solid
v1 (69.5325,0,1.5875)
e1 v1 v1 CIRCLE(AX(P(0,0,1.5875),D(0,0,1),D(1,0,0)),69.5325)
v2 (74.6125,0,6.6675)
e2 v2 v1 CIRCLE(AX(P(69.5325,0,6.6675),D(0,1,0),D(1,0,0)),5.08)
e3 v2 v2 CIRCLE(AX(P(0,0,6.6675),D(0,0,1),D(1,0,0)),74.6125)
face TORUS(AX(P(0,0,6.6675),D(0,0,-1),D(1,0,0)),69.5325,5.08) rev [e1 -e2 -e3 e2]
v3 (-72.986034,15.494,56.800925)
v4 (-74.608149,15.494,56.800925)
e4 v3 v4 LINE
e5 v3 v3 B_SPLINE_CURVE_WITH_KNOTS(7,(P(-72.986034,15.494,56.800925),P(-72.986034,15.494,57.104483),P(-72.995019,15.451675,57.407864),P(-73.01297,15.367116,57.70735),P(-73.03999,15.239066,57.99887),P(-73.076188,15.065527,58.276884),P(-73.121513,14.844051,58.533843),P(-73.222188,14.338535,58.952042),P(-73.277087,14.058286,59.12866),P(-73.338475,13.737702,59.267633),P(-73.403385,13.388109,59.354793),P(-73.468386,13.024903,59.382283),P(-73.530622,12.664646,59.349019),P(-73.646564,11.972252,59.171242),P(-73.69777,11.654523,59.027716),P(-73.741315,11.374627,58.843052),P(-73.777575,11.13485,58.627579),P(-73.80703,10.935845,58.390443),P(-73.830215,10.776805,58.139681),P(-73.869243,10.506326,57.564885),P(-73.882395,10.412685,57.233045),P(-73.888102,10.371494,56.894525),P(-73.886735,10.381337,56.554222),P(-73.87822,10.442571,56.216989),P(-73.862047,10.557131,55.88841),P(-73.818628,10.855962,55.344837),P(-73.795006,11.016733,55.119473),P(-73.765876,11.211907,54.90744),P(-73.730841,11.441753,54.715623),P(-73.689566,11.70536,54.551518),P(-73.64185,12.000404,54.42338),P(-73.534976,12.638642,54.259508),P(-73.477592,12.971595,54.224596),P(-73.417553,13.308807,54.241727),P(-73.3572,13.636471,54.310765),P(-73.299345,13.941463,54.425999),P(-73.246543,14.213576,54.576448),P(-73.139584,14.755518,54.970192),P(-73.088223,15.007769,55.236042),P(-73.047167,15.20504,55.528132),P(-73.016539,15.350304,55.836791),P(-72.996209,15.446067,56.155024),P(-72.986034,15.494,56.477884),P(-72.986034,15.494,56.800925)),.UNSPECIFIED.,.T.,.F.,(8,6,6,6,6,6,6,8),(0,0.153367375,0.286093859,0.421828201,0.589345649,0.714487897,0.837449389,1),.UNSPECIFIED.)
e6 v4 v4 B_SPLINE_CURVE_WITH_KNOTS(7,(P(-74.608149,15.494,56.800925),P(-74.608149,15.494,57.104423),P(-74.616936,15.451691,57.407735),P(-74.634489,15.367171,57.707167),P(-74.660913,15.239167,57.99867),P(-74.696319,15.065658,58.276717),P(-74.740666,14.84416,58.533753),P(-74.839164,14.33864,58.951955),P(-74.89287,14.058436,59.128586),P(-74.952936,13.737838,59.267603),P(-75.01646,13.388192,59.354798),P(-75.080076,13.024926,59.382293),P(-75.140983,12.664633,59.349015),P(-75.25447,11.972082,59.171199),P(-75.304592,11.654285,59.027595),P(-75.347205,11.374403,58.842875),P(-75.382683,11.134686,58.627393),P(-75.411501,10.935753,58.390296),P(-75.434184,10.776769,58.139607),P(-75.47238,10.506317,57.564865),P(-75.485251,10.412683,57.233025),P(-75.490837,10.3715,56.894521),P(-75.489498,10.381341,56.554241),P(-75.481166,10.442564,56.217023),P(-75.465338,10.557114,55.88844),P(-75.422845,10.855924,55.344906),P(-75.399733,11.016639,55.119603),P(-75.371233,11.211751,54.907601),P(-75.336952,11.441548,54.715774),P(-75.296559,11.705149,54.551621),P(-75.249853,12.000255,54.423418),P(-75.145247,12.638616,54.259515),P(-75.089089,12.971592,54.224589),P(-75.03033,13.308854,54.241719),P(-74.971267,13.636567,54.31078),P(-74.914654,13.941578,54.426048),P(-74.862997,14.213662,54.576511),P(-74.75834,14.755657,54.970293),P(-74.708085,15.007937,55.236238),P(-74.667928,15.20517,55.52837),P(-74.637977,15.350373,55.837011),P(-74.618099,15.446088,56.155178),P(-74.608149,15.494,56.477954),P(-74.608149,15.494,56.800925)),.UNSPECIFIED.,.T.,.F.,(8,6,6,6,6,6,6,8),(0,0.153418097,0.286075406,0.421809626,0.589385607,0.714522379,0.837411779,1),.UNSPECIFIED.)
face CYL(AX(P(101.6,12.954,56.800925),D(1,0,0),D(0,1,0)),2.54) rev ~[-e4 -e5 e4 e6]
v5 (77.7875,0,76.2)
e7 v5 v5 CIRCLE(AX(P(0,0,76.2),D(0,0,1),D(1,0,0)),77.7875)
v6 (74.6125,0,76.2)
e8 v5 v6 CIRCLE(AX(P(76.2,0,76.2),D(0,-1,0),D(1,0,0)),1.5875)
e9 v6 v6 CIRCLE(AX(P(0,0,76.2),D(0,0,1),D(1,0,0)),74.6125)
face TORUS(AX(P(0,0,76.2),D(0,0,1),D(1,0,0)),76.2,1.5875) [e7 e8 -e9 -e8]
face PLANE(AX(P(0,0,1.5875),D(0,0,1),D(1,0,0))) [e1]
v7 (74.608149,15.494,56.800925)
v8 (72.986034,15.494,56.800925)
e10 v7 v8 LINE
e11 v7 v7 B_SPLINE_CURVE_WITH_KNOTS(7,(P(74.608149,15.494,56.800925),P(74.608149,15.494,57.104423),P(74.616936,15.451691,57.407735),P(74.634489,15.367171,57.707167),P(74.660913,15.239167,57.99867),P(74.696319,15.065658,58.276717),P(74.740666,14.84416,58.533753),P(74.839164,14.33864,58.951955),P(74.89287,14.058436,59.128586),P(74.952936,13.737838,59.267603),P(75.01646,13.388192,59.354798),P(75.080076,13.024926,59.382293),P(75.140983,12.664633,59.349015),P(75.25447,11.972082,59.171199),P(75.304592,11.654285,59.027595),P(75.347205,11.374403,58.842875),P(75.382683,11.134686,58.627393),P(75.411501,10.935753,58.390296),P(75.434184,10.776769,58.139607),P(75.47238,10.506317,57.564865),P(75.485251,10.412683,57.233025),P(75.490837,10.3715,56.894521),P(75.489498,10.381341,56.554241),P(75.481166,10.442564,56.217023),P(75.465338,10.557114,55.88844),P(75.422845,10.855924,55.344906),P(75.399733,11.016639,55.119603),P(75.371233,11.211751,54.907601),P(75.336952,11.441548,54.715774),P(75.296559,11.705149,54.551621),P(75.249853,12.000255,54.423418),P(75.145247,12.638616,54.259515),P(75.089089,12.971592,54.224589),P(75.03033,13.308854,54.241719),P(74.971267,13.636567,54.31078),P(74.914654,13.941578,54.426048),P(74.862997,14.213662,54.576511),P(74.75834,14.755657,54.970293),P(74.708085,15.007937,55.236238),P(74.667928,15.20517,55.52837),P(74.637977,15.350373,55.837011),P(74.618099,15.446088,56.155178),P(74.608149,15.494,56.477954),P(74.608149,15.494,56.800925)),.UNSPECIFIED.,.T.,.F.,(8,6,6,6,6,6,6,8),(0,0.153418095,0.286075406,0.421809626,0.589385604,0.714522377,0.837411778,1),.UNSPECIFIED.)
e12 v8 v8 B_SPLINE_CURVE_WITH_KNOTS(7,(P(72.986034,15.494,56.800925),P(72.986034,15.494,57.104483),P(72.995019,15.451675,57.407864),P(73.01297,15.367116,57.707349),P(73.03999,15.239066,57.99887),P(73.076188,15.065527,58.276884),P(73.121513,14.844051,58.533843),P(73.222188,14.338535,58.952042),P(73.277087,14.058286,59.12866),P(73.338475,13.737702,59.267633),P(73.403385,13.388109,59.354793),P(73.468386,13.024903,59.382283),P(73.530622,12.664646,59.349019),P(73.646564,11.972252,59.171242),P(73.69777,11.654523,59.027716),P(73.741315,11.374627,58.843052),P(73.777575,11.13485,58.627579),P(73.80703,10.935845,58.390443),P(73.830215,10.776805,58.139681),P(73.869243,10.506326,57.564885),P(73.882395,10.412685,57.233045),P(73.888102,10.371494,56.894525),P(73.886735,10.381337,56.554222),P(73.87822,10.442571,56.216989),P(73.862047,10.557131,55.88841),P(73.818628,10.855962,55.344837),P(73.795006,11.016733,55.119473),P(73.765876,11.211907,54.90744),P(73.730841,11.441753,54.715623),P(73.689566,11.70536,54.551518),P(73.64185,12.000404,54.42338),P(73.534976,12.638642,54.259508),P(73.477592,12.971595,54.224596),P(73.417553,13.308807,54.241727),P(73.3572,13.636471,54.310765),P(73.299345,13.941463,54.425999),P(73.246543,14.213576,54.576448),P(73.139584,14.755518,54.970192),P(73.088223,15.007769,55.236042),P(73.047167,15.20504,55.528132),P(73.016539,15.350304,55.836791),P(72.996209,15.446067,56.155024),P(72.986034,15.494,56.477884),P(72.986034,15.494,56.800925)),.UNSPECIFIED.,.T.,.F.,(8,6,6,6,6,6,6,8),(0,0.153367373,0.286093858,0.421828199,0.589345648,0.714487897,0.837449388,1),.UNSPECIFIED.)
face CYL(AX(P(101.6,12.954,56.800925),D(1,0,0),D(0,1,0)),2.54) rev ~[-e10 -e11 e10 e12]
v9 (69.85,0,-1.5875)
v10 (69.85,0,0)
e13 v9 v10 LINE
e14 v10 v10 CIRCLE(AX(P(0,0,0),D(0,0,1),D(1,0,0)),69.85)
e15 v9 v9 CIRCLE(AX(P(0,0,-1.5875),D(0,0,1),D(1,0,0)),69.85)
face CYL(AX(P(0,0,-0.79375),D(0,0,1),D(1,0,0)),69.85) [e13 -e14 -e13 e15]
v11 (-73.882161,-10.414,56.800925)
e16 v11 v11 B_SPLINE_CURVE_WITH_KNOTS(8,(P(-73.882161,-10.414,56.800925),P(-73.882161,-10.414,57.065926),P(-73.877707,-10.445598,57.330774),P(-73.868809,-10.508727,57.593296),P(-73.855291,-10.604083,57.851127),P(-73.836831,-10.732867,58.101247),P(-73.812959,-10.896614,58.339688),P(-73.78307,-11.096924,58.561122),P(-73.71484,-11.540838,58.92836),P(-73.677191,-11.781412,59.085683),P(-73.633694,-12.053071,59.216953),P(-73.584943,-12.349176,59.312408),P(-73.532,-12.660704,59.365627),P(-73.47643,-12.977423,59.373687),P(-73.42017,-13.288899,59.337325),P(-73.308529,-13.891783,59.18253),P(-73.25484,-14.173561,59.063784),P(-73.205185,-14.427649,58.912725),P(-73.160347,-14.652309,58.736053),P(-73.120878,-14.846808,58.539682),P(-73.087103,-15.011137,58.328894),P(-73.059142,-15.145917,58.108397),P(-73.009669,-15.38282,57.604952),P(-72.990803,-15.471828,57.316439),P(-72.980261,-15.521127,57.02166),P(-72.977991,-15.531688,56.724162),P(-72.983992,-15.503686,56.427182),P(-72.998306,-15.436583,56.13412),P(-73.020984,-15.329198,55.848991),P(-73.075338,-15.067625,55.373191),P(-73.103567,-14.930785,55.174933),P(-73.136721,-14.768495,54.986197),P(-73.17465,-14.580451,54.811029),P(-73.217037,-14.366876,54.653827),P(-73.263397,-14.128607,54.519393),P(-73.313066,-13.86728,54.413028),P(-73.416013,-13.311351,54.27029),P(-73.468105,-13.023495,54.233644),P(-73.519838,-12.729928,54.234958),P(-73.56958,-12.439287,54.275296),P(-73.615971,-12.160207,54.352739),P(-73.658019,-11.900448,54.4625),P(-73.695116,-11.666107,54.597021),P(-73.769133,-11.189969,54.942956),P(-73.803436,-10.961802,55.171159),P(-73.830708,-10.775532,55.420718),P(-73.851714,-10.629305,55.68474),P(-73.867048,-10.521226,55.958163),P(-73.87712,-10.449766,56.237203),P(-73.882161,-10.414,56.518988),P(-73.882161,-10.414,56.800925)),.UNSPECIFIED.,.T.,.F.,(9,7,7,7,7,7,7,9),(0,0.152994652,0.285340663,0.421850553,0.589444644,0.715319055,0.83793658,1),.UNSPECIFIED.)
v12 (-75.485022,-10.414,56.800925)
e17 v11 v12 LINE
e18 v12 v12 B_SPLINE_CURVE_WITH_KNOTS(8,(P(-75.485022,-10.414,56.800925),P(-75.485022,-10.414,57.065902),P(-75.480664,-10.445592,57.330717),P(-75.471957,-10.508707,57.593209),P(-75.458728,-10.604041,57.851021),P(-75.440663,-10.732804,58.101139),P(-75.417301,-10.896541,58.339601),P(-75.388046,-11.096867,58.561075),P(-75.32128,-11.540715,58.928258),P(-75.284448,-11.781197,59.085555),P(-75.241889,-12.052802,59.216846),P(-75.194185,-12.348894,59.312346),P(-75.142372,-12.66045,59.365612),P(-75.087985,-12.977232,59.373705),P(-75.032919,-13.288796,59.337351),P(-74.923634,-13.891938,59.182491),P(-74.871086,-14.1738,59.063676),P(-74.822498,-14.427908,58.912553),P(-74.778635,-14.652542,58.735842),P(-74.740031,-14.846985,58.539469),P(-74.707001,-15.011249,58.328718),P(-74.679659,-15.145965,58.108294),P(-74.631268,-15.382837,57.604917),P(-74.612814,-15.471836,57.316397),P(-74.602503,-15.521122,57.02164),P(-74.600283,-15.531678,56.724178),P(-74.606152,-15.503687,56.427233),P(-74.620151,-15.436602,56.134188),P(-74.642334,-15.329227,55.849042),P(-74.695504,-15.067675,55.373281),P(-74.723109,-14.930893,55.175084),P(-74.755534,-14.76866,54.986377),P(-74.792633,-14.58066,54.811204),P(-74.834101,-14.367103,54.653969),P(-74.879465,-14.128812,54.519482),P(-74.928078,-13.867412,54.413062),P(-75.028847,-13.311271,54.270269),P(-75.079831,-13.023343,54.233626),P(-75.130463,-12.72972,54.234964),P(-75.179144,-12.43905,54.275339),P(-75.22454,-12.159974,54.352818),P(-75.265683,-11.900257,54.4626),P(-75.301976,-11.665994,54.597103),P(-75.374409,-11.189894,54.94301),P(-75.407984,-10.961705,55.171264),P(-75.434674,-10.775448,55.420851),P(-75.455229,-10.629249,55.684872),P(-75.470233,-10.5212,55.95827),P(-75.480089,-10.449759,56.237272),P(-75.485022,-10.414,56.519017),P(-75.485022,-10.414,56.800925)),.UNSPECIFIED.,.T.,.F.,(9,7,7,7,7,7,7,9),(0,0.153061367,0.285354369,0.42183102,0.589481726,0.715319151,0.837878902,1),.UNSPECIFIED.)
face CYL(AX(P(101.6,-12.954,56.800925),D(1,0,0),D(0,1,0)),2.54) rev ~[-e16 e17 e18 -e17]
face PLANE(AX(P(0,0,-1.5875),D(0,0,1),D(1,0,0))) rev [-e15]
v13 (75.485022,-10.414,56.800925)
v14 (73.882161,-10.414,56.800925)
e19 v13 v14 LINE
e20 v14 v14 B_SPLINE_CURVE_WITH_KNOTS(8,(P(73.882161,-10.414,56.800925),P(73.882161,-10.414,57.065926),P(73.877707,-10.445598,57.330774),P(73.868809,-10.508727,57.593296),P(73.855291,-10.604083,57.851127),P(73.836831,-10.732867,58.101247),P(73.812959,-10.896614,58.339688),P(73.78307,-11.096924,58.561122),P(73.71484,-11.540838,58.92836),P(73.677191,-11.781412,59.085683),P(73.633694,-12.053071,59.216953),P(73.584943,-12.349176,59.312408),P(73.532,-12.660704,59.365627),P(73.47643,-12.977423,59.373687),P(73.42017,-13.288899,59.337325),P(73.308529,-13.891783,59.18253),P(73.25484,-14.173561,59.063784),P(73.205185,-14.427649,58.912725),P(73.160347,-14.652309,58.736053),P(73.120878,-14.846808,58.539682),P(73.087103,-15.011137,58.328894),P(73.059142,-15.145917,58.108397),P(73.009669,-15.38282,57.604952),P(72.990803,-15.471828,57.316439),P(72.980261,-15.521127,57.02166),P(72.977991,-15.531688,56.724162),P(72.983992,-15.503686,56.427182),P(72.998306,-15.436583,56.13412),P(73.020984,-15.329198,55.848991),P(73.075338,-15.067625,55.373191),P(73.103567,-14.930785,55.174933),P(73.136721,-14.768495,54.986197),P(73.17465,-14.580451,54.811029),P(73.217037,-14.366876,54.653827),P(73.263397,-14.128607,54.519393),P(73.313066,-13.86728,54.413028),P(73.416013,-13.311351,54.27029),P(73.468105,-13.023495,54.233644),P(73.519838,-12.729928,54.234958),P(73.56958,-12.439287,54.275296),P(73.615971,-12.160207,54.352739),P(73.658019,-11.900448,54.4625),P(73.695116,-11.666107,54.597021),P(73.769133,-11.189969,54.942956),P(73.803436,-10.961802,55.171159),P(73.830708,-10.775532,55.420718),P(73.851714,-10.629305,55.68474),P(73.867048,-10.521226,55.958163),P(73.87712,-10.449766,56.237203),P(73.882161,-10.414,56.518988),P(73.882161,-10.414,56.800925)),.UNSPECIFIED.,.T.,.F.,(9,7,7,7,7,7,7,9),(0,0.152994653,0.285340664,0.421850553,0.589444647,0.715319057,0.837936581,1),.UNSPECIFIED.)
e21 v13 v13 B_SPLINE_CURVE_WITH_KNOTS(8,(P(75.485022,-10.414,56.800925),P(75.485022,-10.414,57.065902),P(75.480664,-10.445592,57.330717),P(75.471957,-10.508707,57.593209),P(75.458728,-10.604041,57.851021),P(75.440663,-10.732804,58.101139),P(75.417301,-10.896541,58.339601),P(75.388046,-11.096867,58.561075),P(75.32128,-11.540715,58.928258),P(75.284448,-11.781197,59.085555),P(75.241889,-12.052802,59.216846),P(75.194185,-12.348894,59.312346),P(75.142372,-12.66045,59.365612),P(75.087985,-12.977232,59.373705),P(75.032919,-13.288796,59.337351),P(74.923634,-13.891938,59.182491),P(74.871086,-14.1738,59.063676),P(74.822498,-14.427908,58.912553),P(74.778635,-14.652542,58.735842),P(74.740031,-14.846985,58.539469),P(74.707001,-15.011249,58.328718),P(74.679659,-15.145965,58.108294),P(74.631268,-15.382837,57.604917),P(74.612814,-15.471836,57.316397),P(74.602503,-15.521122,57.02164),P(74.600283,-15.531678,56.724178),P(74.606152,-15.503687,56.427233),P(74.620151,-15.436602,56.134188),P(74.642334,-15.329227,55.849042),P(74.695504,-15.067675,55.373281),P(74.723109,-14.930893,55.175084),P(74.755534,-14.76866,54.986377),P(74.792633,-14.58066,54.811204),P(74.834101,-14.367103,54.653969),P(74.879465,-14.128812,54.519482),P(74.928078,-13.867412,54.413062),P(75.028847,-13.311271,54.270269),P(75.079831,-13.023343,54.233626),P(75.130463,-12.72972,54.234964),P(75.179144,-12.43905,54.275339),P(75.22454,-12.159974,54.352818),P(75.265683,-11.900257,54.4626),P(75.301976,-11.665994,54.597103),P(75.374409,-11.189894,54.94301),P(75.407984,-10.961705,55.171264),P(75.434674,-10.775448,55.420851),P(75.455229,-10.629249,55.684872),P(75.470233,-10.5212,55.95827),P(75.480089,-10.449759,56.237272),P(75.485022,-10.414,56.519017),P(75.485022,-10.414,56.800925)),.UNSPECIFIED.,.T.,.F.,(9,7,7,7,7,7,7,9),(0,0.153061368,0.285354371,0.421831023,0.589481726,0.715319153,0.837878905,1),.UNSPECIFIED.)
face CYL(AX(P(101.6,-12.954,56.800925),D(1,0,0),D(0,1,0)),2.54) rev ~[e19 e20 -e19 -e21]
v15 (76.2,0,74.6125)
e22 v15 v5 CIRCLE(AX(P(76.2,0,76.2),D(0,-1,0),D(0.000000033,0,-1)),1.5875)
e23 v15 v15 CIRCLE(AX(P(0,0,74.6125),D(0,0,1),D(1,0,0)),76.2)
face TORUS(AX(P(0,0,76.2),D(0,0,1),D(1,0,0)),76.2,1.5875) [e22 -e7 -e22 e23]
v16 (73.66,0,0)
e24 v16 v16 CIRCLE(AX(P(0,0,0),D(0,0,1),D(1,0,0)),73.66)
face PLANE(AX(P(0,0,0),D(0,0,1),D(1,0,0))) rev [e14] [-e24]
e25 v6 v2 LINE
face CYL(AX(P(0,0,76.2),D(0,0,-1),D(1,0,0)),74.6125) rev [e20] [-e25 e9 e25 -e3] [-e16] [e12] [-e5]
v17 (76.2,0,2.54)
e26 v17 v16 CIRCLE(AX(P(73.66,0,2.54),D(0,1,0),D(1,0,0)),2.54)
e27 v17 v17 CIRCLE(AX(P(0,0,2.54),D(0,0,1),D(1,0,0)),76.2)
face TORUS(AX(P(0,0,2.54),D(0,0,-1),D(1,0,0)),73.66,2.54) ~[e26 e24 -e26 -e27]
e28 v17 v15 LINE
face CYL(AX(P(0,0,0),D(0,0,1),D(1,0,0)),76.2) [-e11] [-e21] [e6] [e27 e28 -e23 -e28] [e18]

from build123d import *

# Parameters (mm, degrees)
F0_W     = 69.85
F0_H     = 1.5875
F2_R     = 5.08
F3_R     = 2.54
F5_R     = 2.54
F6_DEPTH = 228.854
F7_DEPTH = 243.84


with BuildPart() as f1:
    # F0 (on Front) → F1 (revolve)
    with BuildSketch(Plane.XZ):
        with BuildLine():
            Line((0, 1.5875), (0, 0))
            Line((0, 0), (69.85, 0))
            Line((69.85, 0), (76.2, 0))
            Line((76.2, 0), (76.2, 74.6125))
            ThreePointArc((76.2, 74.6125), (75.077468, 75.077468), (74.6125, 76.2))
            Line((74.6125, 76.2), (74.6125, 1.5875))
            Line((74.6125, 1.5875), (0, 1.5875))
        make_face()
        with Locations((34.925, -0.79375)):
            Rectangle(F0_W, F0_H)
        with BuildLine():
            ThreePointArc((74.6125, 76.2), (75.077468, 75.077468), (76.2, 74.6125))
            ThreePointArc((76.2, 74.6125), (77.322532, 75.077468), (77.7875, 76.2))
            ThreePointArc((77.7875, 76.2), (76.2, 77.7875), (74.6125, 76.2))
        make_face()
    revolve(axis=Axis((0, 0, 12.051039), (0, 0, 1)))

    # F2
    f2_edges = [f1.edges().sort_by_distance(p)[0] for p in [
        (-74.6125, 0, 1.5875),
    ]]
    fillet(f2_edges, radius=F2_R)

    # F3
    f3_edges = [f1.edges().sort_by_distance(p)[0] for p in [
        (-76.2, 0, 0),
    ]]
    fillet(f3_edges, radius=F3_R)

    # F5 (on offset) → F6 (cut)
    with BuildSketch(Plane.YZ.offset(101.6)):
        with Locations((-12.954, 56.800925)):
            Circle(F5_R)
    extrude(amount=-F6_DEPTH, mode=Mode.SUBTRACT)

    # F5 (on offset) → F7 (cut)
    with BuildSketch(Plane.YZ.offset(101.6)):
        with Locations((12.954, 56.800925)):
            Circle(F5_R)
    extrude(amount=-F7_DEPTH, mode=Mode.SUBTRACT)


solid = f1.part
